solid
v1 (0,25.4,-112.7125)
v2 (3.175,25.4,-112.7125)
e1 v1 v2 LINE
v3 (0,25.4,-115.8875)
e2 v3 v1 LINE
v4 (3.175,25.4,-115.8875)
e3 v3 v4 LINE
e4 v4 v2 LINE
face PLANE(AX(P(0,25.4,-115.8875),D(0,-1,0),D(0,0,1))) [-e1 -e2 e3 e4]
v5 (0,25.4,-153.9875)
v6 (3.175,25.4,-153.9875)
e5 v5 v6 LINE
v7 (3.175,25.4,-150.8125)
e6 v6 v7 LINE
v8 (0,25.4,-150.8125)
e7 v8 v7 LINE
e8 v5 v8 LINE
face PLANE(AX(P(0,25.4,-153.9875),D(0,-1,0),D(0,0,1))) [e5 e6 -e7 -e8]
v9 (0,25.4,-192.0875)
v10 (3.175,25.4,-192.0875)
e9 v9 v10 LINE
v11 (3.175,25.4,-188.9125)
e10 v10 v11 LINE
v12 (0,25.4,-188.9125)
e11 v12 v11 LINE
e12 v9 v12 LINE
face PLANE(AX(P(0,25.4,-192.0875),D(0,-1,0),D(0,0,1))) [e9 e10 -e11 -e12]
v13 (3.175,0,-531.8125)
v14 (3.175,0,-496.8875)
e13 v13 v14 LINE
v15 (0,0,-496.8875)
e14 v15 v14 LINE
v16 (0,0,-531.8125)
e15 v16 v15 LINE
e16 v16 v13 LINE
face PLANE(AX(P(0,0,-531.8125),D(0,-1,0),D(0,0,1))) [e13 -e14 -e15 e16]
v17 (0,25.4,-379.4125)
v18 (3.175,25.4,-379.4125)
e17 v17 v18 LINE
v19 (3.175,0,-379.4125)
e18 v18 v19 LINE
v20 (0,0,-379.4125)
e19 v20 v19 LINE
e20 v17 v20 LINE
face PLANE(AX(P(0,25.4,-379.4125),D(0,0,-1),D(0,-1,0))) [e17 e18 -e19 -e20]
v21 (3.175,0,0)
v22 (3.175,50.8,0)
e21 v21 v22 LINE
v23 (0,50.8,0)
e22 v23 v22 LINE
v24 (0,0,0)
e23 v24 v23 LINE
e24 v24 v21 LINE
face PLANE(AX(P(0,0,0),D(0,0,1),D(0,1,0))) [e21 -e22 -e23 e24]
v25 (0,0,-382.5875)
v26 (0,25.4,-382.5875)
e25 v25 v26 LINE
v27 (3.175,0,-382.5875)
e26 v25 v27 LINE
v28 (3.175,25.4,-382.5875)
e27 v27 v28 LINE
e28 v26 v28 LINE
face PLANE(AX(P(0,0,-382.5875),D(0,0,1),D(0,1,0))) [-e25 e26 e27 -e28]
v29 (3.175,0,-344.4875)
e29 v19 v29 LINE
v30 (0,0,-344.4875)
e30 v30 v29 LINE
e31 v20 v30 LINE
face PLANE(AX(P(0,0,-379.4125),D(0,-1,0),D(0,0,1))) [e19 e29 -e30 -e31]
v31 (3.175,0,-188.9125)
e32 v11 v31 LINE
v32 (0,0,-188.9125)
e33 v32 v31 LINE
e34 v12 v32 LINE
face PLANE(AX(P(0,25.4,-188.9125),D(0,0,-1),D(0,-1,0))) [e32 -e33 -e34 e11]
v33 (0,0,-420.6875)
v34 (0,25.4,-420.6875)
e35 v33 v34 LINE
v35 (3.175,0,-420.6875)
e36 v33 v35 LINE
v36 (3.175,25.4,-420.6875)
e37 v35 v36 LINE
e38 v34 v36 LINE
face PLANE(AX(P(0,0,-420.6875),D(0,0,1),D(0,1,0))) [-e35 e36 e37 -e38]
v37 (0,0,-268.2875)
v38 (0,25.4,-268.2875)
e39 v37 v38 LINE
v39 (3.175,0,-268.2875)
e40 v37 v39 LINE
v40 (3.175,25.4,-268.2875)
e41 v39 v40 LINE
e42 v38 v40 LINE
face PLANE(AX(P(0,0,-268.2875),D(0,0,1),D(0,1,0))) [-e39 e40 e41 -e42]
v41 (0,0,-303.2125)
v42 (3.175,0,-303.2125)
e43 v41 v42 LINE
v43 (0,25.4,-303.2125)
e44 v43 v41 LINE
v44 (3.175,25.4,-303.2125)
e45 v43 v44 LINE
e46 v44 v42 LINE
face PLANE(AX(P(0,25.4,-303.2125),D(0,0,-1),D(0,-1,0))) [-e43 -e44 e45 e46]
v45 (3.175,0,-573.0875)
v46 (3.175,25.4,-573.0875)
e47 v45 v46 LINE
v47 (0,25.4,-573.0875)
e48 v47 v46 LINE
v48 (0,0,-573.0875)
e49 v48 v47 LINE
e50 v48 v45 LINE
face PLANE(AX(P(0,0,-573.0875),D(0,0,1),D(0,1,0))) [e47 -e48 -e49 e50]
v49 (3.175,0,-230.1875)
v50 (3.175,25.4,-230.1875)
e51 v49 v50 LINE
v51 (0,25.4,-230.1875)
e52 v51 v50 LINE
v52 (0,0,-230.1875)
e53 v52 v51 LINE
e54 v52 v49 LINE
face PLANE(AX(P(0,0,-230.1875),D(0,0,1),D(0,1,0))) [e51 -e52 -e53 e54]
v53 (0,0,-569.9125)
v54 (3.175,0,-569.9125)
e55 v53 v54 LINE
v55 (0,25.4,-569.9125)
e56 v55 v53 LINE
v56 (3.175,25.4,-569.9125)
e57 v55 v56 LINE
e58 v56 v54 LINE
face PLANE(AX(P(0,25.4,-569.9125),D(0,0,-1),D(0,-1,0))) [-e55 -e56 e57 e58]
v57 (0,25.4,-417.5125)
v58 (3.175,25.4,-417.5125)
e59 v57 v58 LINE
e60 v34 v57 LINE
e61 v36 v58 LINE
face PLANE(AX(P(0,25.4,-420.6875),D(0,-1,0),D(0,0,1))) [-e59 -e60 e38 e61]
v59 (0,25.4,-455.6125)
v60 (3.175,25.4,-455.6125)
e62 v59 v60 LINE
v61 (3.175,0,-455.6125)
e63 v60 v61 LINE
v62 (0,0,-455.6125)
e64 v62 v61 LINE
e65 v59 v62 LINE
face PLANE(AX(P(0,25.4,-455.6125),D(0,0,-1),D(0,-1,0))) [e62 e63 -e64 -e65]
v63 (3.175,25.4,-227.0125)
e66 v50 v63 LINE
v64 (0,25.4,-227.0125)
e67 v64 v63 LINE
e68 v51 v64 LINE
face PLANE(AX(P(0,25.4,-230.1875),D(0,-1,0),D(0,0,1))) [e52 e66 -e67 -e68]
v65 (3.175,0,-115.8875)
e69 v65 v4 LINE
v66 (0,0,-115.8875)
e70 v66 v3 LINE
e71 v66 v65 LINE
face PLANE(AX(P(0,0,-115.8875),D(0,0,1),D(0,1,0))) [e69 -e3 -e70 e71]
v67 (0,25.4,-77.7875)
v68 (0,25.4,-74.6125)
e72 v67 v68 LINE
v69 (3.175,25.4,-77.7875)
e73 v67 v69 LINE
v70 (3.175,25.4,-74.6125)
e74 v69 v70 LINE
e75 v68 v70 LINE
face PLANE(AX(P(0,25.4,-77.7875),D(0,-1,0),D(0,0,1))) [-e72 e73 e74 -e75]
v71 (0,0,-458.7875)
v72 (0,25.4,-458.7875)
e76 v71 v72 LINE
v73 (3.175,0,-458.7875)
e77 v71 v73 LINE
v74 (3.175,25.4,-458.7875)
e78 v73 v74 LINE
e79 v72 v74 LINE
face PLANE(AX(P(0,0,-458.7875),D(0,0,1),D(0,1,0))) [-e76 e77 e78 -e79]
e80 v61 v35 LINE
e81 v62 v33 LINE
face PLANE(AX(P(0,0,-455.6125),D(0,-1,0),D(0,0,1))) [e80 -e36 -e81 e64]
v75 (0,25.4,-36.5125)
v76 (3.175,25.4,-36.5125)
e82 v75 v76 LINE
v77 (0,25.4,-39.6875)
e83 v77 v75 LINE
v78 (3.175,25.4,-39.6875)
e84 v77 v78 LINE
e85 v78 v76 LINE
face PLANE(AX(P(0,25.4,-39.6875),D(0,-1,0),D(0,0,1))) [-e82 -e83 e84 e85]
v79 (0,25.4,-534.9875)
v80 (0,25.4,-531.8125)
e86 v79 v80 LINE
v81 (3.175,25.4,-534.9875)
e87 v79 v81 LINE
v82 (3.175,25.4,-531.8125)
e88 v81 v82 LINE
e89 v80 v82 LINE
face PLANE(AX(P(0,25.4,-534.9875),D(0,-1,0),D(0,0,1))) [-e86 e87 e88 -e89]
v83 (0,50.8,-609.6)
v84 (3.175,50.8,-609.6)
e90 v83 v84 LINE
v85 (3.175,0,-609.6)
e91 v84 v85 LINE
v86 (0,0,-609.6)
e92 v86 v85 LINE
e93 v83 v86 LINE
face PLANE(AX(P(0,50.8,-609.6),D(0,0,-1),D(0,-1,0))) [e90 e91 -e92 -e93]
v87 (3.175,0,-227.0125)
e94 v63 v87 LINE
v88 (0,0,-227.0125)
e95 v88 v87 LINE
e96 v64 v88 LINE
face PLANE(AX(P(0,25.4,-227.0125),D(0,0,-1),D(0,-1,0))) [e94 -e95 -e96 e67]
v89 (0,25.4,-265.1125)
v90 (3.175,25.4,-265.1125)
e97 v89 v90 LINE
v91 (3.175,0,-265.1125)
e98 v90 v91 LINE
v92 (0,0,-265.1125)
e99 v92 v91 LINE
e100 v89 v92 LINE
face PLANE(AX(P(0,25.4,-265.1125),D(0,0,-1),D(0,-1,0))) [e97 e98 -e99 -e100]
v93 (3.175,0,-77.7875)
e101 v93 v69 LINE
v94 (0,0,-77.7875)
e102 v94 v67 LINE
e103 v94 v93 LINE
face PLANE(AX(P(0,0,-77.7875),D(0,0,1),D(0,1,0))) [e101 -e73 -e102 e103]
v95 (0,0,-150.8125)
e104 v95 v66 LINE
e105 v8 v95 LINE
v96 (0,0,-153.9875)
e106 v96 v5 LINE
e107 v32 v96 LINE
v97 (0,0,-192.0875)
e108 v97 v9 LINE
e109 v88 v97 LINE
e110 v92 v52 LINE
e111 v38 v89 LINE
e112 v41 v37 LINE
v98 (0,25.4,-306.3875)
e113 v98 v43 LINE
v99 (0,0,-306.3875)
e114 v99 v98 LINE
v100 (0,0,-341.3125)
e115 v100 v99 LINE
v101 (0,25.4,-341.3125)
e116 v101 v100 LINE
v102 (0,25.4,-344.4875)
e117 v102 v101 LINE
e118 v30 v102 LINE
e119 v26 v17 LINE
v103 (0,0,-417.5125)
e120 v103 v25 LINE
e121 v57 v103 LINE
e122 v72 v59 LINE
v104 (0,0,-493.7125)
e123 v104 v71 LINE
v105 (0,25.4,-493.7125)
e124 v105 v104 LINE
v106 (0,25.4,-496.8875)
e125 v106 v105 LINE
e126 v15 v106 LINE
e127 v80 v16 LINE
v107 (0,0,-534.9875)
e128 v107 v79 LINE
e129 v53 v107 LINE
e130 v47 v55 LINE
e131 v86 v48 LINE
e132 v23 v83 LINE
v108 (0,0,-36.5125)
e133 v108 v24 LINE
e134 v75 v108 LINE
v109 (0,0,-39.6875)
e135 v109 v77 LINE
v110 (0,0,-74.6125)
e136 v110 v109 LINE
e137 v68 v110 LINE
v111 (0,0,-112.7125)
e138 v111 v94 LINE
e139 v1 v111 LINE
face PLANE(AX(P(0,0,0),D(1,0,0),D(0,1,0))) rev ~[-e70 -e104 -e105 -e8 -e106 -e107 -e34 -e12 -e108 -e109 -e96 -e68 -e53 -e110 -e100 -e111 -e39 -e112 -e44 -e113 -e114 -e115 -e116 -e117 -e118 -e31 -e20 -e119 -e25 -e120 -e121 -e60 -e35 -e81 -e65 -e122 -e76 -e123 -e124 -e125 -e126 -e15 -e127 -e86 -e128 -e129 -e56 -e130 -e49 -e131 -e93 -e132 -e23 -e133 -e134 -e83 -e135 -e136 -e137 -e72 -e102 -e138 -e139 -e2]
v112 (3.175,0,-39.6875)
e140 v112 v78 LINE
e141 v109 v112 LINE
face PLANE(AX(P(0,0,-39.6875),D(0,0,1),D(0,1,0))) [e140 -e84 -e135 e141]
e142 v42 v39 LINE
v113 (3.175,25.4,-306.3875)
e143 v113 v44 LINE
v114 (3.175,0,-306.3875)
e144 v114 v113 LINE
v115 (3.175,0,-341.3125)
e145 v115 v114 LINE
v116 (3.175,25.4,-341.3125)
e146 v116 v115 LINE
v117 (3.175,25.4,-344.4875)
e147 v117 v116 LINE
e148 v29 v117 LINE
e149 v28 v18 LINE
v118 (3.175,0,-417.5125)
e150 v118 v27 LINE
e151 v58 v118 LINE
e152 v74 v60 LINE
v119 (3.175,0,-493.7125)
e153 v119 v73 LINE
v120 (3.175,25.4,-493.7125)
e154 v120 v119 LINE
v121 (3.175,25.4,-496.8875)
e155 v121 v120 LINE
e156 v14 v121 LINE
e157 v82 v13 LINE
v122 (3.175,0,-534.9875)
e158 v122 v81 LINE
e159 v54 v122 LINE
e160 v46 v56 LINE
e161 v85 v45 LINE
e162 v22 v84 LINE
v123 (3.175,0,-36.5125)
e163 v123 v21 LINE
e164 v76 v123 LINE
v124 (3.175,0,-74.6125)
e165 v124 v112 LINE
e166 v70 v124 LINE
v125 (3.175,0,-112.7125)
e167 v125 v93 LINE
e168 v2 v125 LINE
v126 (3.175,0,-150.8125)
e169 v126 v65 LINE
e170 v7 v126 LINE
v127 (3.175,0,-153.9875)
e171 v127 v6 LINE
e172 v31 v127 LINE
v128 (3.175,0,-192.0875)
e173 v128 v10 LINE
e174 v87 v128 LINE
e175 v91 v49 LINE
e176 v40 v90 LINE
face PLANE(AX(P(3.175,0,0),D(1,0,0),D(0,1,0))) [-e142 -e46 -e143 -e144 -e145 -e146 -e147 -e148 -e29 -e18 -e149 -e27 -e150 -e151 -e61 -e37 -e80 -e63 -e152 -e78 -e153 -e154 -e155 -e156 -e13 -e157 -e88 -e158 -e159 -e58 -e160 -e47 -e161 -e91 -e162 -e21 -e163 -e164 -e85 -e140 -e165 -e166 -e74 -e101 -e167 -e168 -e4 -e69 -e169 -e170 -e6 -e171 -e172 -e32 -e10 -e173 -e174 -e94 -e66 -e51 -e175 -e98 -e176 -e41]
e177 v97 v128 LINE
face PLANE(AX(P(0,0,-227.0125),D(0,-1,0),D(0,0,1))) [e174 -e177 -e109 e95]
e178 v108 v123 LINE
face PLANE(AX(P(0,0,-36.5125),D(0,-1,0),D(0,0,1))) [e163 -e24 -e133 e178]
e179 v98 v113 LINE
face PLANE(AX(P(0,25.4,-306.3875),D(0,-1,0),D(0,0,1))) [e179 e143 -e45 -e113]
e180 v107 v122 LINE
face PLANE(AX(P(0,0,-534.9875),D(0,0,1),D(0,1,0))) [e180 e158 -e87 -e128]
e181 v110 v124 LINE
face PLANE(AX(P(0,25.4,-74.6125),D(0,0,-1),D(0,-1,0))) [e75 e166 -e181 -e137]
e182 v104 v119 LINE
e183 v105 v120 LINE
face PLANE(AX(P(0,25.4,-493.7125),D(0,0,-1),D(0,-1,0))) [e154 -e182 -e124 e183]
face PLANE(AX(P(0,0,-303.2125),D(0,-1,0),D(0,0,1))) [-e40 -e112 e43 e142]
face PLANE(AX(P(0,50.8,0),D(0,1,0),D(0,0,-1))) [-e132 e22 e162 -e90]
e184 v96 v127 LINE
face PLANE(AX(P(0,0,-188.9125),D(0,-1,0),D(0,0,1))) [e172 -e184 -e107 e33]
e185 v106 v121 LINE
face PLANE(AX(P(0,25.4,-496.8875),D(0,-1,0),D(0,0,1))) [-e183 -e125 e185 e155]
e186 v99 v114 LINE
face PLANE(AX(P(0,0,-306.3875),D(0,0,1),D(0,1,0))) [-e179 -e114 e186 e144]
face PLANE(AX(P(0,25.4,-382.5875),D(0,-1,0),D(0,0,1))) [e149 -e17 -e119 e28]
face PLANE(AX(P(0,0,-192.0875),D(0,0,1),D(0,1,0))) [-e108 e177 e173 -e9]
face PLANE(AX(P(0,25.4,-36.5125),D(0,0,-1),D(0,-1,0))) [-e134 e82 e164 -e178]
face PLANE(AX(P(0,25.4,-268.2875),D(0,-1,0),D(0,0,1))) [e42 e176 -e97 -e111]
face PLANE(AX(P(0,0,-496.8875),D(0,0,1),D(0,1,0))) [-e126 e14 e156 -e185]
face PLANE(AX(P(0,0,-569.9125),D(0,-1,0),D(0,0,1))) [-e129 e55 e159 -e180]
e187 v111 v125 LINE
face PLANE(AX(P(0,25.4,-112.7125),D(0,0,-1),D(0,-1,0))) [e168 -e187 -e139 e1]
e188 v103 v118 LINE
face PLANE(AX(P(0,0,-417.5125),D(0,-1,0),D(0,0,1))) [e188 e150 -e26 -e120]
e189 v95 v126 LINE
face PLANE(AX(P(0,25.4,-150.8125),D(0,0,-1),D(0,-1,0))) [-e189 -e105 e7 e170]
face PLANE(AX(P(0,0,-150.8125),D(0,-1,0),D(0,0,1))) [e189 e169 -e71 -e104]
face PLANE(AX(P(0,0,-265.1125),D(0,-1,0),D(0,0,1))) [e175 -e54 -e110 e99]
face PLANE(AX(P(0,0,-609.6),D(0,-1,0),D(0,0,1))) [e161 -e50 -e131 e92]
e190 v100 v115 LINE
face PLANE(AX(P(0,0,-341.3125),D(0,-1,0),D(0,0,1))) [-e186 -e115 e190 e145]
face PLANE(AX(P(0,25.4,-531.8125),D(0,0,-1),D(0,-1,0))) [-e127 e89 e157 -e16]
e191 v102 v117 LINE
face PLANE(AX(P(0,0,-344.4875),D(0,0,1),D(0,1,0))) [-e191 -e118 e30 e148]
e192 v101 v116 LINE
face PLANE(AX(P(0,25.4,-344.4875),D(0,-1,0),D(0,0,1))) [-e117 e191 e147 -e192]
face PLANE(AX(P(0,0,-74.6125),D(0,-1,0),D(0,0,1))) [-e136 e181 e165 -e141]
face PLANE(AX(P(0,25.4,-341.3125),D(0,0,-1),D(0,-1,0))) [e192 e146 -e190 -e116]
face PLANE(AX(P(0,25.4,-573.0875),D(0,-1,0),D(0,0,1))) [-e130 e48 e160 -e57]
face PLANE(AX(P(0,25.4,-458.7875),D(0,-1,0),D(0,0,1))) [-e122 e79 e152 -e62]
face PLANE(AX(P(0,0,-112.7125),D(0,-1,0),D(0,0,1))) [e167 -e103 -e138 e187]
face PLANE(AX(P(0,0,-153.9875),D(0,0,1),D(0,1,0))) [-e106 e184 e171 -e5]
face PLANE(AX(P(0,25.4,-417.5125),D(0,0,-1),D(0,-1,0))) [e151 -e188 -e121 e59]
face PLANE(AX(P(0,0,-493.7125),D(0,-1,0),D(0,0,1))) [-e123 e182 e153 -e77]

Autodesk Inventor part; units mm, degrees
ref_plane "YZ Plane" through (0, 0, 0) normal (1, 0, 0) x (0, 1, 0)
ref_plane "XZ Plane" through (0, 0, 0) normal (0, 1, 0) x (-1, 0, 0)
ref_plane "XY Plane" through (0, 0, 0) normal (0, 0, 1) x (1, 0, 0)
sketch "Sketch1" plane through (0, 0, 0) normal (1, 0, 0) x (0, 1, 0)
  line L0 (0, 0) -> (50.8, 0)
  line L1 (50.8, 0) -> (50.8, -609.6)
  line L2 (50.8, -609.6) -> (0, -609.6)
  line L3 (0, -609.6) -> (0, -573.0875)
  line L4 (0, -573.0875) -> (25.4, -573.0875)
  line L5 (25.4, -573.0875) -> (25.4, -569.9125)
  line L6 (25.4, -569.9125) -> (0, -569.9125)
  line L7 (0, -569.9125) -> (0, -534.9875)
  line L8 (0, -534.9875) -> (25.4, -534.9875)
  line L9 (25.4, -534.9875) -> (25.4, -531.8125)
  line L10 (25.4, -531.8125) -> (0, -531.8125)
  line L11 (0, -531.8125) -> (0, -496.8875)
  line L12 (0, -496.8875) -> (25.4, -496.8875)
  line L13 (25.4, -496.8875) -> (25.4, -493.7125)
  line L14 (25.4, -493.7125) -> (0, -493.7125)
  line L15 (0, -493.7125) -> (0, -458.7875)
  line L16 (0, -458.7875) -> (25.4, -458.7875)
  line L17 (25.4, -458.7875) -> (25.4, -455.6125)
  line L18 (25.4, -455.6125) -> (0, -455.6125)
  line L19 (0, -455.6125) -> (0, -420.6875)
  line L20 (0, -420.6875) -> (25.4, -420.6875)
  line L21 (25.4, -420.6875) -> (25.4, -417.5125)
  line L22 (25.4, -417.5125) -> (0, -417.5125)
  line L23 (0, -417.5125) -> (0, -382.5875)
  line L24 (0, -382.5875) -> (25.4, -382.5875)
  line L25 (25.4, -382.5875) -> (25.4, -379.4125)
  line L26 (25.4, -379.4125) -> (0, -379.4125)
  line L27 (0, -379.4125) -> (0, -344.4875)
  line L28 (0, -344.4875) -> (25.4, -344.4875)
  line L29 (25.4, -344.4875) -> (25.4, -341.3125)
  line L30 (25.4, -341.3125) -> (0, -341.3125)
  line L31 (0, -341.3125) -> (0, -306.3875)
  line L32 (0, -306.3875) -> (25.4, -306.3875)
  line L33 (25.4, -306.3875) -> (25.4, -303.2125)
  line L34 (25.4, -303.2125) -> (0, -303.2125)
  line L35 (0, -303.2125) -> (0, -268.2875)
  line L36 (0, -268.2875) -> (25.4, -268.2875)
  line L37 (25.4, -268.2875) -> (25.4, -265.1125)
  line L38 (25.4, -265.1125) -> (0, -265.1125)
  line L39 (0, -265.1125) -> (0, -230.1875)
  line L40 (0, -230.1875) -> (25.4, -230.1875)
  line L41 (25.4, -230.1875) -> (25.4, -227.0125)
  line L42 (25.4, -227.0125) -> (0, -227.0125)
  line L43 (0, -227.0125) -> (0, -192.0875)
  line L44 (0, -192.0875) -> (25.4, -192.0875)
  line L45 (25.4, -192.0875) -> (25.4, -188.9125)
  line L46 (25.4, -188.9125) -> (0, -188.9125)
  line L47 (0, -188.9125) -> (0, -153.9875)
  line L48 (0, -153.9875) -> (25.4, -153.9875)
  line L49 (25.4, -153.9875) -> (25.4, -150.8125)
  line L50 (25.4, -150.8125) -> (0, -150.8125)
  line L51 (0, -150.8125) -> (0, -115.8875)
  line L52 (0, -115.8875) -> (25.4, -115.8875)
  line L53 (25.4, -115.8875) -> (25.4, -112.7125)
  line L54 (25.4, -112.7125) -> (0, -112.7125)
  line L55 (0, -112.7125) -> (0, -77.7875)
  line L56 (0, -77.7875) -> (25.4, -77.7875)
  line L57 (25.4, -77.7875) -> (25.4, -74.6125)
  line L58 (25.4, -74.6125) -> (0, -74.6125)
  line L59 (0, -74.6125) -> (0, -39.6875)
  line L60 (0, -39.6875) -> (25.4, -39.6875)
  line L61 (25.4, -39.6875) -> (25.4, -36.5125)
  line L62 (25.4, -36.5125) -> (0, -36.5125)
  line L63 (0, -36.5125) -> (0, 0)
  dimension "d293" = 50.8
  dimension "d294" = 609.6
  dimension "d369" = 25.4
  dimension "d371" = 25.4
  dimension "d373" = 25.4
  dimension "d376" = 25.4
  dimension "d378" = 25.4
  dimension "d380" = 25.4
  dimension "d383" = 25.4
  dimension "d385" = 25.4
  dimension "d387" = 25.4
  dimension "d390" = 25.4
  dimension "d392" = 25.4
  dimension "d394" = 25.4
  dimension "d397" = 25.4
  dimension "d399" = 25.4
  dimension "d401" = 25.4
  dimension "d404" = 25.4
  dimension "d406" = 25.4
  dimension "d408" = 25.4
  dimension "d411" = 25.4
  dimension "d413" = 25.4
  dimension "d415" = 25.4
  dimension "d418" = 25.4
  dimension "d420" = 25.4
extrude "Extrusion3" add sketch "Sketch1" along normal blind 3.175
properties part number "DividerWidthPlastic" material "ABS Plastic"
